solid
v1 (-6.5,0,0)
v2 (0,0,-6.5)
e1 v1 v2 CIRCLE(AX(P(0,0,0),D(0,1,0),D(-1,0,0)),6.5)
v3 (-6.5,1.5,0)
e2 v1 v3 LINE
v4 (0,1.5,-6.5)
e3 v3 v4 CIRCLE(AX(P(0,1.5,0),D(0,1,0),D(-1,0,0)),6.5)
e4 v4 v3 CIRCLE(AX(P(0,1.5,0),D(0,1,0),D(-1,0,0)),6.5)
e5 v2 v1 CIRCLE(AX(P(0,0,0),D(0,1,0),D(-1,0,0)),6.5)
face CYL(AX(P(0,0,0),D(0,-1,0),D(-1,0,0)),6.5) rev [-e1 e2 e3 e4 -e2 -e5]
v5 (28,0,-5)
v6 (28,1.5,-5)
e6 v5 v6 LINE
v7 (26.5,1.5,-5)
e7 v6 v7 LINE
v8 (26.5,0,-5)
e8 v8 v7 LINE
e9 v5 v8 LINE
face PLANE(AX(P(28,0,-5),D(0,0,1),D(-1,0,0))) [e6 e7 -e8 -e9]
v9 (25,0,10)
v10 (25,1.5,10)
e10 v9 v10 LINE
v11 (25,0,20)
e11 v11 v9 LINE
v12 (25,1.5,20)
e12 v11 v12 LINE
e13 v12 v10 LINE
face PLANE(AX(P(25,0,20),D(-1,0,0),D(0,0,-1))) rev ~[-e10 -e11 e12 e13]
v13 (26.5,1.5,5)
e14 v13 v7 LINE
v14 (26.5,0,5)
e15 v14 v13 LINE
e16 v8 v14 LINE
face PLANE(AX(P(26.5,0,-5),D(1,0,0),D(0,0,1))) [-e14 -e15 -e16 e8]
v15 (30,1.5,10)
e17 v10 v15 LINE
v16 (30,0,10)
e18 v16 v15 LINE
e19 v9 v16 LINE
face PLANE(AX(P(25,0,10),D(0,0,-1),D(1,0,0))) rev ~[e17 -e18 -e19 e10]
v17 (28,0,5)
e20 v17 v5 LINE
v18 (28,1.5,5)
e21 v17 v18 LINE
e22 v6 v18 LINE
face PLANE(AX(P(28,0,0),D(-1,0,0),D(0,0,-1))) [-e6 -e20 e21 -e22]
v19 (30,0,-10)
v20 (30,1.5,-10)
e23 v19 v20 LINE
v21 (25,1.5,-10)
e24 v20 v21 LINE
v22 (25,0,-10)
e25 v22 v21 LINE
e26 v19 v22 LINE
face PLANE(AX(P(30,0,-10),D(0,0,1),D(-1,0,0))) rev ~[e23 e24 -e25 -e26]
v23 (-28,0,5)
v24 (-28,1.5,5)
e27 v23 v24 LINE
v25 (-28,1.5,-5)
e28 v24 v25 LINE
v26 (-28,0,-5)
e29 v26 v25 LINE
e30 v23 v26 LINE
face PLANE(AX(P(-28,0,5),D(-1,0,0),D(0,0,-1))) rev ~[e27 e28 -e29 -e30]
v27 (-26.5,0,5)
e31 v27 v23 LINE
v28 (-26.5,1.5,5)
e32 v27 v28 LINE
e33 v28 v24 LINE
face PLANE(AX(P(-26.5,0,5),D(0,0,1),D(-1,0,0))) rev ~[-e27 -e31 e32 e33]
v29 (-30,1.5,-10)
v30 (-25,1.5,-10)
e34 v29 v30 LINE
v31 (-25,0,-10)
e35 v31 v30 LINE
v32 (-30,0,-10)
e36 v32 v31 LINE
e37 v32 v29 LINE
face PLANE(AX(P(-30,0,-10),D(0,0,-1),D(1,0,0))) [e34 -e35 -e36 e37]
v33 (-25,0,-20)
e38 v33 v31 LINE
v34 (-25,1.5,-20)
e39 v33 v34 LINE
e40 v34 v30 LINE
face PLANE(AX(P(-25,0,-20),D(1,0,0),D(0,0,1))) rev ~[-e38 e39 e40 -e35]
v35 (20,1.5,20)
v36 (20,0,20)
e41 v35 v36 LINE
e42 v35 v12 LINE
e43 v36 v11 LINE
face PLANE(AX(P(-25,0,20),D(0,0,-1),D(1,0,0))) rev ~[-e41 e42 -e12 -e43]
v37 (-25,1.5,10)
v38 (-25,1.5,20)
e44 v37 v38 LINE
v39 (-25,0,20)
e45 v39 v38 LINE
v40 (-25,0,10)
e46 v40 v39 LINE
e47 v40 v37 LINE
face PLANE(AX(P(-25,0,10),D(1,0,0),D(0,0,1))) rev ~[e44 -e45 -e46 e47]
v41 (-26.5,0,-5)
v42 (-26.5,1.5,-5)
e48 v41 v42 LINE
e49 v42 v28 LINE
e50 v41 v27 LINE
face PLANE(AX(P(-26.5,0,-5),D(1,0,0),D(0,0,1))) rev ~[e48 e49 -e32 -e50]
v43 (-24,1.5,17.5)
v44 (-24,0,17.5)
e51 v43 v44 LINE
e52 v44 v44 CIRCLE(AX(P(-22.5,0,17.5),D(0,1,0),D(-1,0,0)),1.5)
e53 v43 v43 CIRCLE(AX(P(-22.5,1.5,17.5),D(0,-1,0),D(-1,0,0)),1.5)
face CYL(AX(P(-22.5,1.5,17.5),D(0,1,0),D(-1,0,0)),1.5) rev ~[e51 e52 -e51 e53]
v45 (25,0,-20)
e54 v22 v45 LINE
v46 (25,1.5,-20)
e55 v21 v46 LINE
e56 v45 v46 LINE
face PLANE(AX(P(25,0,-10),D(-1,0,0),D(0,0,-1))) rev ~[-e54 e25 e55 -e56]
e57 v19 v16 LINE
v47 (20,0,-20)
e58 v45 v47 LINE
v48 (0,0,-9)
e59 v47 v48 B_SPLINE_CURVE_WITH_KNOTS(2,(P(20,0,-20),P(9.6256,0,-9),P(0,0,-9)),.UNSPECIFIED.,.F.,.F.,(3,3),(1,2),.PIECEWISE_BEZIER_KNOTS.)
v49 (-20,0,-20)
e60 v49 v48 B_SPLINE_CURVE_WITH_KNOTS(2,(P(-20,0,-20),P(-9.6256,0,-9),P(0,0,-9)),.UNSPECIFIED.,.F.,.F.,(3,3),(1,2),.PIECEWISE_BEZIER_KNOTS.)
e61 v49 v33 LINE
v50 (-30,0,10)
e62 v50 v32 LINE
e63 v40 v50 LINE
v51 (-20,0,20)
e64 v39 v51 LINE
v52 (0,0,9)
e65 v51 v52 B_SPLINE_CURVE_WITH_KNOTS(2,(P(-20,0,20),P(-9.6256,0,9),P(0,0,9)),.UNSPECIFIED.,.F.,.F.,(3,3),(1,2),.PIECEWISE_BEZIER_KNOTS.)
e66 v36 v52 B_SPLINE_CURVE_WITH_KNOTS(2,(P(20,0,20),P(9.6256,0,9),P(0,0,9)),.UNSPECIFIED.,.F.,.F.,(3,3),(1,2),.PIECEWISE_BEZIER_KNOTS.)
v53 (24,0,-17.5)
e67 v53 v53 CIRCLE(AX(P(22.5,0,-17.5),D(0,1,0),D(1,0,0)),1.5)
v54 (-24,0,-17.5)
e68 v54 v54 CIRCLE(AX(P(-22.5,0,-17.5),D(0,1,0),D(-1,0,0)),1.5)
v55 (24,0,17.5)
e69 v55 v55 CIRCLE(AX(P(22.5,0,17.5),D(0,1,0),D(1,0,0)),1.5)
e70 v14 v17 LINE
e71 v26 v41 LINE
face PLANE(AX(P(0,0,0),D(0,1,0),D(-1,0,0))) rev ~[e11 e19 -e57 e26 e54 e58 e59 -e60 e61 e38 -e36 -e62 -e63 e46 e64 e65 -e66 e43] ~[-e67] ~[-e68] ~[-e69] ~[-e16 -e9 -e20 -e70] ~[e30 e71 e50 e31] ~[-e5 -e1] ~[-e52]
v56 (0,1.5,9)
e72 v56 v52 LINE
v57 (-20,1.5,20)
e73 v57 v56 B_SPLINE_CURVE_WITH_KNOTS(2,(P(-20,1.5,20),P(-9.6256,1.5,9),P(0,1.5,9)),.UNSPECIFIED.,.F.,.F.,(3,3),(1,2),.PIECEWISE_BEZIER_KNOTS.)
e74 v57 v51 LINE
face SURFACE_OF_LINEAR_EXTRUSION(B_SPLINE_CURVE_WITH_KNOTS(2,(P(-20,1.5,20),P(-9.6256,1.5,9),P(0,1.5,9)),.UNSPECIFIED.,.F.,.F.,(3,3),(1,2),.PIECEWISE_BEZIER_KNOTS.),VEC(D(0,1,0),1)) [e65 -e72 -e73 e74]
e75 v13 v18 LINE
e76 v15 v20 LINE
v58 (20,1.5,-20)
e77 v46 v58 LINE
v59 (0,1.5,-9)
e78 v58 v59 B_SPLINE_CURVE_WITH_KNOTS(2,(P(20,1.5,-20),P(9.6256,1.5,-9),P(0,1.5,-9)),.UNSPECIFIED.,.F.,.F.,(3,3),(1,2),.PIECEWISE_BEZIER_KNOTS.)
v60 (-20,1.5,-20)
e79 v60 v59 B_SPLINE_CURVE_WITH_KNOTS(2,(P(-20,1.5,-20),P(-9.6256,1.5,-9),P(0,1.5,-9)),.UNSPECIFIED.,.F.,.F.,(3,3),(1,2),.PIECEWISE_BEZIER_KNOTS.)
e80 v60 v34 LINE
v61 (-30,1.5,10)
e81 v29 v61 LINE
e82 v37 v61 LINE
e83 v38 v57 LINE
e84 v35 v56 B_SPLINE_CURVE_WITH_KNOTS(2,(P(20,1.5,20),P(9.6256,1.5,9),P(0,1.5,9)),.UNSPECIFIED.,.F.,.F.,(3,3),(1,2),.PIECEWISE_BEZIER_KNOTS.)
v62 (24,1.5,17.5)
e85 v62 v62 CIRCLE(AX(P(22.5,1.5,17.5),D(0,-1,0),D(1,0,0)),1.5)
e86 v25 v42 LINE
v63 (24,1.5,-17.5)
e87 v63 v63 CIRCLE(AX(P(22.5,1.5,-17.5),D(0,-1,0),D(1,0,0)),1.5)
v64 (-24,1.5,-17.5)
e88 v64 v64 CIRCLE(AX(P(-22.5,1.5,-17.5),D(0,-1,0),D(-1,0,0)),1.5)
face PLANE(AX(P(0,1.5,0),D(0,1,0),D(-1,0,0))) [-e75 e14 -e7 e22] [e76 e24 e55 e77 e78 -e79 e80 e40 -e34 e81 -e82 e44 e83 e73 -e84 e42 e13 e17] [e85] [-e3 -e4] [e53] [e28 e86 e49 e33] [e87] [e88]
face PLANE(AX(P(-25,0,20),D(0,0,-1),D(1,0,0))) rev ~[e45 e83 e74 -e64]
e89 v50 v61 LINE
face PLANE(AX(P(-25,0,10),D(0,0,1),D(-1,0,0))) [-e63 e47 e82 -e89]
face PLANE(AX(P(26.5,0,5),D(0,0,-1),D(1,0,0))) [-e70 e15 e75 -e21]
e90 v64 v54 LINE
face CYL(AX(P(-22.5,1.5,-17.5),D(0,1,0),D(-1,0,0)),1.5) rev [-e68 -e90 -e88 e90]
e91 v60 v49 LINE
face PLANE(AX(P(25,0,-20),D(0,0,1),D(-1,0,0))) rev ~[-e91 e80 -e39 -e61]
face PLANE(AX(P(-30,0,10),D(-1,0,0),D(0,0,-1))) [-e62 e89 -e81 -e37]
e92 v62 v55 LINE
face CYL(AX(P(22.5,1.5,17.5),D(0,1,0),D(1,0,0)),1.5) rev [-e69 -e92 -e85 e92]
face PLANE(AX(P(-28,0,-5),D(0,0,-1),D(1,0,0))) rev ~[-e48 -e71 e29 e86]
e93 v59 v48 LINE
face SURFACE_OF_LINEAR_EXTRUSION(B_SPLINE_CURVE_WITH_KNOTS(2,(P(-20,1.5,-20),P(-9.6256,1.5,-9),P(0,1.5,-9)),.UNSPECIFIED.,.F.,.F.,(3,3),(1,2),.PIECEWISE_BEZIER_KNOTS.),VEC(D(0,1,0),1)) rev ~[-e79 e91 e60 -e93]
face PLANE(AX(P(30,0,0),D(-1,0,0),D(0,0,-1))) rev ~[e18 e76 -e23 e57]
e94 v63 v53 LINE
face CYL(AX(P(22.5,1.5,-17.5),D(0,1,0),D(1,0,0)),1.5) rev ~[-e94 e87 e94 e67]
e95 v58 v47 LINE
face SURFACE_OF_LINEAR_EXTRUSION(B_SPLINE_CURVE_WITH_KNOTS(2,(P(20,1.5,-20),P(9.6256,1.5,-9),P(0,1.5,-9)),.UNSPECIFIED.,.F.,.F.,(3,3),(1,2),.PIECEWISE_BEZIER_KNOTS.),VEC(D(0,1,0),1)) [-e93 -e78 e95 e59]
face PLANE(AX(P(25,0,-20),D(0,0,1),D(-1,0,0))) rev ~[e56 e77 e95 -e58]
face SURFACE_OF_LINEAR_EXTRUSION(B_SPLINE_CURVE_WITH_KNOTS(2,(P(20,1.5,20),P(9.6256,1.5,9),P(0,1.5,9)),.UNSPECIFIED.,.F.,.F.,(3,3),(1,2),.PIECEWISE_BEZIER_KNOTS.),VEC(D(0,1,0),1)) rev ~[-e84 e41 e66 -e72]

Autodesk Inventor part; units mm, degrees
ref_plane "YZ Plane" through (0, 0, 0) normal (1, 0, 0) x (0, 1, 0)
sketch "Sketch1" plane through (0, 0, 0) normal (0, 1, 0) x (-1, 0, 0)
  circle A0 centre (0, 0) radius 6.5
  line L0 (25, 20) -> (-25, 20)
  line L1 (-25, 20) -> (-25, -20)
  line L2 (-25, -20) -> (25, -20)
  line L3 (25, -20) -> (25, 20)
  line L4 (25, 20) -> (-25, -20) construction
  line L5 (-25, 20) -> (25, -20) construction
  line L6 (-25, 0) -> (-30, 0)
  line L7 (-30, 0) -> (-30, -10)
  line L8 (-30, -10) -> (-25, -10)
  line L9 (-25, -10) -> (-25, 0)
  line L10 (-30, 0) -> (-25, 0)
  line L11 (-25, 0) -> (-25, 10)
  line L12 (-25, 10) -> (-30, 10)
  line L13 (-30, 10) -> (-30, 0)
  line L14 (-25, 10) -> (-25, 5)
  line L15 (-25, 5) -> (-26.5, 5)
  line L16 (-26.5, 5) -> (-28, 5)
  line L17 (-28, 5) -> (-28, -5)
  line L18 (-28, -5) -> (-26.5, -5)
  line L19 (-26.5, -5) -> (-26.5, 5)
  line L20 (0, 0) -> (0, -20)
  line L21 (30, 0) -> (30, -10)
  line L22 (30, -10) -> (25, -10)
  line L23 (26.5, -5) -> (26.5, 5)
  line L24 (28, 5) -> (28, -5)
  line L25 (28, -5) -> (26.5, -5)
  line L26 (26.5, 5) -> (28, 5)
  line L27 (25, 10) -> (30, 10)
  line L28 (30, 10) -> (30, 0)
  dimension "d0" = 13
  dimension "d1" = 50
  dimension "d2" = 40
  dimension "d3" = 5
  dimension "d4" = 10
  dimension "d5" = 5
  dimension "d6" = 10
  dimension "d7" = 5
  dimension "d8" = 1.5
  dimension "d9" = 1.5
  dimension "d10" = 10
extrude "Extrusion1" add sketch "Sketch1" along normal blind 1.5 contours L2 L1 L0 L3 | L8 L7 L6 L17 L18 L19 L1 | L3 L27 L28 L21 L22 | L6 L19 L15 L1 | L15 L16 L17 L6 L13 L12 L1
sketch "Sketch2" plane through (0, 1.5, 0) normal (0, 1, 0) x (1, 0, 0)
  line L0 (0, 0) -> (22.5, 0)
  line L1 (22.5, 0) -> (22.5, 17.5)
  line L2 (25, 20) -> (-25, 20) projected
  circle A0 centre (22.5, 17.5) radius 1.5
  dimension "d13" = 22.5
  dimension "d14" = 17.5
  dimension "d15" = 3
extrude "Extrusion2" cut sketch "Sketch2" against normal blind 1.5
ref_plane "Work Plane1" through (0, 0, 20) normal (1, 0, 0) x (0, 0, -1)
ref_plane "Work Plane2" through (-25, 0, 0) normal (0, 0, 1) x (1, 0, 0)
mirror "Mirror1" about plane through (0, 0, 20) normal (1, 0, 0) of "Extrusion2"
mirror "Mirror2" about plane through (-25, 0, 0) normal (0, 0, 1) of "Extrusion2", "Mirror1"
sketch "Sketch3" plane through (0, 1.5, 0) normal (0, 1, 0) x (1, 0, 0)
  line L0 (25, 10) -> (25, 20) projected
  line L1 (25, 20) -> (20, 20)
  line L2 (25, 20) -> (-25, 20) projected
  line L3 (0, 0) -> (0, 9)
  line L4 (20, 20) -> (9.6256, 9) construction
  line L5 (9.6256, 9) -> (0, 9) construction
  spline S0 degree 2 poles (20, 20) (9.6256, 9) (0, 9) knots 1 1 1 2 2 2
  line L6 (0, 0) -> (9.6256, 0)
  line L7 (-20, 20) -> (-9.6256, 9) construction
  line L8 (-9.6256, 9) -> (0, 9) construction
  spline S1 degree 2 poles (-20, 20) (-9.6256, 9) (0, 9) knots 1 1 1 2 2 2
  line L9 (20, -20) -> (9.6256, -9) construction
  line L10 (9.6256, -9) -> (0, -9) construction
  spline S2 degree 2 poles (20, -20) (9.6256, -9) (0, -9) knots 1 1 1 2 2 2
  line L11 (-20, -20) -> (-9.6256, -9) construction
  spline S3 degree 2 poles (-20, -20) (-9.6256, -9) (0, -9) knots 1 1 1 2 2 2
  line L12 (-9.6256, -9) -> (0, -9) construction
  line L13 (20, 20) -> (-20, 20)
  line L14 (20, -20) -> (-20, -20)
  line L15 (-25, -20) -> (25, -20) projected
  dimension "d18" = 5
  dimension "d19" = 9
extrude "Extrusion3" cut sketch "Sketch3" against normal blind 1.5
properties part number "bottomBearingHolder"
